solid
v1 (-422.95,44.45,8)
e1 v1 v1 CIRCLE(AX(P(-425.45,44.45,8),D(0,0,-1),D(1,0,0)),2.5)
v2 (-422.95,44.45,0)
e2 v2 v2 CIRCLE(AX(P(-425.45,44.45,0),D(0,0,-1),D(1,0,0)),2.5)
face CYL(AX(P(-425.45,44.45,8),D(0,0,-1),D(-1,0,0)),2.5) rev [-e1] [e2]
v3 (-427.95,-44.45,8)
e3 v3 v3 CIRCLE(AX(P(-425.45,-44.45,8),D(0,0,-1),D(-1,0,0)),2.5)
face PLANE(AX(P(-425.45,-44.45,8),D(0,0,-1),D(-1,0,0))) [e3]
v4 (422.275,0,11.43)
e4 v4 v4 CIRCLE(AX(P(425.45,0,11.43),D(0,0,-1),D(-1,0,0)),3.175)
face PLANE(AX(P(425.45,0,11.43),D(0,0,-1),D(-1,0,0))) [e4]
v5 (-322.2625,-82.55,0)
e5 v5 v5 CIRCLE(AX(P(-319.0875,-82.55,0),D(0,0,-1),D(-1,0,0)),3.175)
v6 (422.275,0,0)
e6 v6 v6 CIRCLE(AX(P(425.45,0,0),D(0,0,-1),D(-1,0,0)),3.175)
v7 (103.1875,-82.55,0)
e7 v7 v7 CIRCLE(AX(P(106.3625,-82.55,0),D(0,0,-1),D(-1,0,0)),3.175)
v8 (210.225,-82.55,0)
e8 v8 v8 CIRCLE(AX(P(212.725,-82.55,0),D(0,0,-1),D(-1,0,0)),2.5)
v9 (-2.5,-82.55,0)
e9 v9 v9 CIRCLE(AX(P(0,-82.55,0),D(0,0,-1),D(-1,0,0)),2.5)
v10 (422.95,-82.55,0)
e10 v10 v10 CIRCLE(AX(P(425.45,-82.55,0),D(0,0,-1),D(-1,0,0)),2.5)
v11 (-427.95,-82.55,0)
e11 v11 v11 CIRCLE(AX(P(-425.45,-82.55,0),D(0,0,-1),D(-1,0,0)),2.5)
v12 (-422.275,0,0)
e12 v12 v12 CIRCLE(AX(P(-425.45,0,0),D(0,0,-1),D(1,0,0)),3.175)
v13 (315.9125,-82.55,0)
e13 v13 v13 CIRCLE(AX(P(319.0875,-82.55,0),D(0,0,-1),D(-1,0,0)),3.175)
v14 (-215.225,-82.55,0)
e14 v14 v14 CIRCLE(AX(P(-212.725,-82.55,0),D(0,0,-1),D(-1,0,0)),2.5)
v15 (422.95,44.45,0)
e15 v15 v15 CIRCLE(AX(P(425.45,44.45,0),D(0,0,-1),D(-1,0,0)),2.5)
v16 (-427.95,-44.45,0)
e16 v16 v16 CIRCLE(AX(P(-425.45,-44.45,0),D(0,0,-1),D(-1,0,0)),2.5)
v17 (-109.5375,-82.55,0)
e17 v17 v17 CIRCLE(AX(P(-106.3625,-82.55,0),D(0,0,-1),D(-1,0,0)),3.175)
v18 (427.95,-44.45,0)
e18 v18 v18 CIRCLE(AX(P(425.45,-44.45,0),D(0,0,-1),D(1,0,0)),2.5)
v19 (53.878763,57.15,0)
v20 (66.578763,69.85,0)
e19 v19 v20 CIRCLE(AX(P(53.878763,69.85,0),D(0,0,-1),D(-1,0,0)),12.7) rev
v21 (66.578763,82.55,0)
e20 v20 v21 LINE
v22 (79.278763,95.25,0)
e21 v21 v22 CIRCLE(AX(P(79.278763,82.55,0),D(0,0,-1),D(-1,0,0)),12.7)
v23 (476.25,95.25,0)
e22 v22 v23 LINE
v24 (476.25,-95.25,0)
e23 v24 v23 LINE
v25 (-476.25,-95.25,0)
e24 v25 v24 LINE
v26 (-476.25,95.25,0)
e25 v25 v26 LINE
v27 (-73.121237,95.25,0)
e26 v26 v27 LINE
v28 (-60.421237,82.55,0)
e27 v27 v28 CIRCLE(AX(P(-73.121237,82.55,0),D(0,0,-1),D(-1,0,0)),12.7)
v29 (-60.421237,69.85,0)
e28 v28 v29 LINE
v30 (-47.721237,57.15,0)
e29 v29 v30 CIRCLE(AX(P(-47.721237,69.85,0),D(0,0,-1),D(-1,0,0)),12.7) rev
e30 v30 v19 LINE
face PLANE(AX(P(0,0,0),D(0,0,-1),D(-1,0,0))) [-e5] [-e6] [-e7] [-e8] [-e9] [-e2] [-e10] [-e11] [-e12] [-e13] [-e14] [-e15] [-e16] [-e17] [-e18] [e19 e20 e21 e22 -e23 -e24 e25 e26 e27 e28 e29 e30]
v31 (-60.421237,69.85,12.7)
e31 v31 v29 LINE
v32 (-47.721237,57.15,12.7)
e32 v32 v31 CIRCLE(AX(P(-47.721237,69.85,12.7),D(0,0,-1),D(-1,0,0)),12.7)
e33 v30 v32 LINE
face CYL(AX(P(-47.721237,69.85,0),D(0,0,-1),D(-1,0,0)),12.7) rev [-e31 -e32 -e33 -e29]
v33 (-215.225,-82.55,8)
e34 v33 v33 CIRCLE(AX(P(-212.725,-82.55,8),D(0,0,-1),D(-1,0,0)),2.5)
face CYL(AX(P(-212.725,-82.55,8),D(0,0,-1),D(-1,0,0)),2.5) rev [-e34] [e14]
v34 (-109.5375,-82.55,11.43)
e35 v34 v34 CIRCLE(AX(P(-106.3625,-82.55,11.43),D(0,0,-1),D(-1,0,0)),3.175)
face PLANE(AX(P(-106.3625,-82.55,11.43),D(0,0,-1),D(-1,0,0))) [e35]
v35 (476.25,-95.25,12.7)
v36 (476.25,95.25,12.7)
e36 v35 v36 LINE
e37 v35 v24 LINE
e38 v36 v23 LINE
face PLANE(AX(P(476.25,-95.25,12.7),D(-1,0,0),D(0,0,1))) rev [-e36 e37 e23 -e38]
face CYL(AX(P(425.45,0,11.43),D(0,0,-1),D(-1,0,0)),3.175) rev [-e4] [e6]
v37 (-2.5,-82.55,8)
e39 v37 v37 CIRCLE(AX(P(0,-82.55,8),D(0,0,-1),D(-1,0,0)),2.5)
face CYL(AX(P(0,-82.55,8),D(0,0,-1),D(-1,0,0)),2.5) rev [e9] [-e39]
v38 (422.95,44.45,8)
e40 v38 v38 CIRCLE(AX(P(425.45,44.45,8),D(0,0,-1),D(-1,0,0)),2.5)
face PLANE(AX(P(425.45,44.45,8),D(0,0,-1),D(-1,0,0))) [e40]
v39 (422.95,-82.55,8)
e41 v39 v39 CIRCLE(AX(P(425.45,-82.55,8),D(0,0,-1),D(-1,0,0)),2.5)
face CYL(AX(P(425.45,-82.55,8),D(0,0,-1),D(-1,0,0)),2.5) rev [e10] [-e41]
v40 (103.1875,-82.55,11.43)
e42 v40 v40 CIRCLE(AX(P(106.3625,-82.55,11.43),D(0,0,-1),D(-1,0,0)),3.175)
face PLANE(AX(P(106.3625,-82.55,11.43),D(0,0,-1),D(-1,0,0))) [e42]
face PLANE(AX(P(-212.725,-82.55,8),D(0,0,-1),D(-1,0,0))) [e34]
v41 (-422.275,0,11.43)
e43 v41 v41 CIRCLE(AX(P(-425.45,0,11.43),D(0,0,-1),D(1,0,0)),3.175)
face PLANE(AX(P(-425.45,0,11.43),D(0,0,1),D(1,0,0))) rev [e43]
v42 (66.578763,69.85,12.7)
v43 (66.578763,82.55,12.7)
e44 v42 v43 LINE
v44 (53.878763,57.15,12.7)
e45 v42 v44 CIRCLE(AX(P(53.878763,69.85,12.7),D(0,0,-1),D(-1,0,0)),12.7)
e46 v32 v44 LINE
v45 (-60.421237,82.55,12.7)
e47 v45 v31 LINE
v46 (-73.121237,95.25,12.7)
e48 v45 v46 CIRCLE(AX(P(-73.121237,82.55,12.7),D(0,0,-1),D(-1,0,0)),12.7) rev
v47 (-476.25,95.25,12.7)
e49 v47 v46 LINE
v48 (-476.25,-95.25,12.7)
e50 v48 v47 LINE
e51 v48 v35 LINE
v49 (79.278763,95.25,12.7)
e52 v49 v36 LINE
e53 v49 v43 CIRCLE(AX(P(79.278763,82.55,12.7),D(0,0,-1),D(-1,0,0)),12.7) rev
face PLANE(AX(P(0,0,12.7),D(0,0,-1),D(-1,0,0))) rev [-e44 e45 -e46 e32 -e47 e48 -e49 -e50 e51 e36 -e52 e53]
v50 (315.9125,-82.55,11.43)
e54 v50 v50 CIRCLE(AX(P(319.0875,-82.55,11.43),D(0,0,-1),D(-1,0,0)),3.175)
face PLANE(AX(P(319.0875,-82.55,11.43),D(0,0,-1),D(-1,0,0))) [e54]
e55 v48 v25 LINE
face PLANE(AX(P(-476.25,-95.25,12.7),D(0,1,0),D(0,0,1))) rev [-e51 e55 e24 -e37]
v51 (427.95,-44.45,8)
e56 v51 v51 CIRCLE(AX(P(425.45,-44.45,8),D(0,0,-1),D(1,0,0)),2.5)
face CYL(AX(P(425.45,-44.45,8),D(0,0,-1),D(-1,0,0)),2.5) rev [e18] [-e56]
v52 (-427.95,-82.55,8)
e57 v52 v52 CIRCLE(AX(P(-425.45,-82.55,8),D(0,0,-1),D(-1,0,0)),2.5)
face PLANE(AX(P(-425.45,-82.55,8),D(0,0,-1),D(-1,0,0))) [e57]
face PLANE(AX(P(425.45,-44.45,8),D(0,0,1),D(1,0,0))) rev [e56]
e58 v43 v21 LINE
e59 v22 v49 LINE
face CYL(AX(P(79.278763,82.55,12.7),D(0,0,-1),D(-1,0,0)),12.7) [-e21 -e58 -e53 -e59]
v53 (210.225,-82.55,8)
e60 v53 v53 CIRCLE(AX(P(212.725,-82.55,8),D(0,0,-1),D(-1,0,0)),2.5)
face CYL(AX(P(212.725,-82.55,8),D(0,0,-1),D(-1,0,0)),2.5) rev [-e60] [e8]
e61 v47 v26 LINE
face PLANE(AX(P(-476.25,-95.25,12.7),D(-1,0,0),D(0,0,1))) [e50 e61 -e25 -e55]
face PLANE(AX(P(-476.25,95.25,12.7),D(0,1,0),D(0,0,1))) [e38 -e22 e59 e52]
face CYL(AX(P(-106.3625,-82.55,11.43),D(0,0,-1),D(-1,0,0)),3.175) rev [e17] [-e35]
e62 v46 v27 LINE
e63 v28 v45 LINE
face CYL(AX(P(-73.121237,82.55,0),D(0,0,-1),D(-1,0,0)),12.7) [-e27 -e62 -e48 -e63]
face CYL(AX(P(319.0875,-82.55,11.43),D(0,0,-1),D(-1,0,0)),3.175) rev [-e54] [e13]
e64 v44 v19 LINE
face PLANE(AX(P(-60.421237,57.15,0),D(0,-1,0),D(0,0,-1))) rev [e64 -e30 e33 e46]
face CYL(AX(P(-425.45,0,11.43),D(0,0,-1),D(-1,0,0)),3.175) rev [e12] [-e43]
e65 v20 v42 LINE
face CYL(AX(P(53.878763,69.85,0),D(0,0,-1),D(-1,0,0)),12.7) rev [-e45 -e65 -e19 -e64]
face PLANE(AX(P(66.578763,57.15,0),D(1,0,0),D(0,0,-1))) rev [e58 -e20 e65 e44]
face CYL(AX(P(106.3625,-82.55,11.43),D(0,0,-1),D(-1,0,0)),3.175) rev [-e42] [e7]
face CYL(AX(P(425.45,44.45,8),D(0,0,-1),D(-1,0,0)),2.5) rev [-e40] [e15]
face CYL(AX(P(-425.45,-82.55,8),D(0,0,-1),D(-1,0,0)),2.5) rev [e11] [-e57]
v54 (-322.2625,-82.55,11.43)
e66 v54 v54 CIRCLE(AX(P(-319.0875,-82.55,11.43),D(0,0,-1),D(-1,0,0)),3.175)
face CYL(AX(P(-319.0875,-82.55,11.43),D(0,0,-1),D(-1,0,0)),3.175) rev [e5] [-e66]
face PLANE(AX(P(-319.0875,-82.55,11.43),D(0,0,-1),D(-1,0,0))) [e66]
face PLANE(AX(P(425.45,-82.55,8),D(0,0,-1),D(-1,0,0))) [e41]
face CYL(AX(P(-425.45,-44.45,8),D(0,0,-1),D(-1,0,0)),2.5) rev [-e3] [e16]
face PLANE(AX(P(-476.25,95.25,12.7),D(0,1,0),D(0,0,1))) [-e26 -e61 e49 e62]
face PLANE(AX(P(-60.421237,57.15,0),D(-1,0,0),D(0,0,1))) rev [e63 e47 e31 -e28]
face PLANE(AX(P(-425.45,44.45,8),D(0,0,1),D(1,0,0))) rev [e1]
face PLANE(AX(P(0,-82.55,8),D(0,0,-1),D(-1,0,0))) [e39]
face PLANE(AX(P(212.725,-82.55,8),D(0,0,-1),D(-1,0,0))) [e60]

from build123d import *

# Parameters (mm, degrees)
SKETCH1_W           = 952.5
SKETCH1_H           = 190.5
BOSS_EXTRUDE1_DEPTH = 12.7
SKETCH5_W           = 127
SKETCH5_H           = 38.1
CUT_EXTRUDE3_DEPTH  = 486.84762529
FILLET1_R           = 12.7
SKETCH6_R           = 3.175
CUT_EXTRUDE4_DEPTH  = 11.43
SKETCH7_R           = 2.5
CUT_EXTRUDE5_DEPTH  = 8
SKETCH8_R           = 2.5
CUT_EXTRUDE6_DEPTH  = 8
SKETCH9_R           = 3.175
CUT_EXTRUDE7_DEPTH  = 11.43


with BuildPart() as part:
    # Sketch1 → Boss-Extrude1 (new body)
    with BuildSketch(Plane.XY):
        Rectangle(SKETCH1_W, SKETCH1_H)
    extrude(amount=BOSS_EXTRUDE1_DEPTH)

    # Sketch5 → Cut-Extrude3 (cut, through all)
    with BuildSketch(Plane.XY.offset(12.7)):
        with Locations((3.078763255, 76.2)):
            Rectangle(SKETCH5_W, SKETCH5_H)
    extrude(amount=-CUT_EXTRUDE3_DEPTH, mode=Mode.SUBTRACT)

    # Fillet1
    fillet1_edges = [part.edges().sort_by_distance(p)[0] for p in [
        (66.578763255, 95.25, 6.35),
        (66.578763255, 57.15, 6.35),
        (-60.421236745, 57.15, 6.35),
        (-60.421236745, 95.25, 6.35),
    ]]
    fillet(fillet1_edges, radius=FILLET1_R)

    # Sketch6 → Cut-Extrude4 (cut)
    with BuildSketch(Plane(origin=(0, 0, 0), x_dir=(-1, 0, 0), z_dir=(0, 0, -1))):
        with Locations((-425.45, 0)):
            Circle(SKETCH6_R)
        with Locations(Location((425.45, 0, 0), (0, 0, 180))):
            Circle(SKETCH6_R)
    extrude(amount=-CUT_EXTRUDE4_DEPTH, mode=Mode.SUBTRACT)

    # Sketch7 → Cut-Extrude5 (cut)
    with BuildSketch(Plane(origin=(0, 0, 0), x_dir=(-1, 0, 0), z_dir=(0, 0, -1))):
        with Locations((-425.45, 44.45)):
            Circle(SKETCH7_R)
        with Locations(Location((-425.45, -44.45, 0), (0, 0, 180))):
            Circle(SKETCH7_R)
        with Locations((425.45, -44.45)):
            Circle(SKETCH7_R)
        with Locations(Location((425.45, 44.45, 0), (0, 0, 180))):
            Circle(SKETCH7_R)
    extrude(amount=-CUT_EXTRUDE5_DEPTH, mode=Mode.SUBTRACT)

    # Sketch8 → Cut-Extrude6 (cut)
    with BuildSketch(Plane(origin=(0, 0, 0), x_dir=(-1, 0, 0), z_dir=(0, 0, -1))):
        with Locations((-425.45, -82.55)):
            Circle(SKETCH8_R)
        with Locations((-212.725, -82.55)):
            Circle(SKETCH8_R)
        with Locations((0, -82.55)):
            Circle(SKETCH8_R)
        with Locations((212.725, -82.55)):
            Circle(SKETCH8_R)
        with Locations((425.45, -82.55)):
            Circle(SKETCH8_R)
    extrude(amount=-CUT_EXTRUDE6_DEPTH, mode=Mode.SUBTRACT)

    # Sketch9 → Cut-Extrude7 (cut)
    with BuildSketch(Plane(origin=(0, 0, 0), x_dir=(-1, 0, 0), z_dir=(0, 0, -1))):
        with Locations((-319.0875, -82.55)):
            Circle(SKETCH9_R)
        with Locations((-106.3625, -82.55)):
            Circle(SKETCH9_R)
        with Locations((106.3625, -82.55)):
            Circle(SKETCH9_R)
        with Locations((319.0875, -82.55)):
            Circle(SKETCH9_R)
    extrude(amount=-CUT_EXTRUDE7_DEPTH, mode=Mode.SUBTRACT)


solid = part.part
